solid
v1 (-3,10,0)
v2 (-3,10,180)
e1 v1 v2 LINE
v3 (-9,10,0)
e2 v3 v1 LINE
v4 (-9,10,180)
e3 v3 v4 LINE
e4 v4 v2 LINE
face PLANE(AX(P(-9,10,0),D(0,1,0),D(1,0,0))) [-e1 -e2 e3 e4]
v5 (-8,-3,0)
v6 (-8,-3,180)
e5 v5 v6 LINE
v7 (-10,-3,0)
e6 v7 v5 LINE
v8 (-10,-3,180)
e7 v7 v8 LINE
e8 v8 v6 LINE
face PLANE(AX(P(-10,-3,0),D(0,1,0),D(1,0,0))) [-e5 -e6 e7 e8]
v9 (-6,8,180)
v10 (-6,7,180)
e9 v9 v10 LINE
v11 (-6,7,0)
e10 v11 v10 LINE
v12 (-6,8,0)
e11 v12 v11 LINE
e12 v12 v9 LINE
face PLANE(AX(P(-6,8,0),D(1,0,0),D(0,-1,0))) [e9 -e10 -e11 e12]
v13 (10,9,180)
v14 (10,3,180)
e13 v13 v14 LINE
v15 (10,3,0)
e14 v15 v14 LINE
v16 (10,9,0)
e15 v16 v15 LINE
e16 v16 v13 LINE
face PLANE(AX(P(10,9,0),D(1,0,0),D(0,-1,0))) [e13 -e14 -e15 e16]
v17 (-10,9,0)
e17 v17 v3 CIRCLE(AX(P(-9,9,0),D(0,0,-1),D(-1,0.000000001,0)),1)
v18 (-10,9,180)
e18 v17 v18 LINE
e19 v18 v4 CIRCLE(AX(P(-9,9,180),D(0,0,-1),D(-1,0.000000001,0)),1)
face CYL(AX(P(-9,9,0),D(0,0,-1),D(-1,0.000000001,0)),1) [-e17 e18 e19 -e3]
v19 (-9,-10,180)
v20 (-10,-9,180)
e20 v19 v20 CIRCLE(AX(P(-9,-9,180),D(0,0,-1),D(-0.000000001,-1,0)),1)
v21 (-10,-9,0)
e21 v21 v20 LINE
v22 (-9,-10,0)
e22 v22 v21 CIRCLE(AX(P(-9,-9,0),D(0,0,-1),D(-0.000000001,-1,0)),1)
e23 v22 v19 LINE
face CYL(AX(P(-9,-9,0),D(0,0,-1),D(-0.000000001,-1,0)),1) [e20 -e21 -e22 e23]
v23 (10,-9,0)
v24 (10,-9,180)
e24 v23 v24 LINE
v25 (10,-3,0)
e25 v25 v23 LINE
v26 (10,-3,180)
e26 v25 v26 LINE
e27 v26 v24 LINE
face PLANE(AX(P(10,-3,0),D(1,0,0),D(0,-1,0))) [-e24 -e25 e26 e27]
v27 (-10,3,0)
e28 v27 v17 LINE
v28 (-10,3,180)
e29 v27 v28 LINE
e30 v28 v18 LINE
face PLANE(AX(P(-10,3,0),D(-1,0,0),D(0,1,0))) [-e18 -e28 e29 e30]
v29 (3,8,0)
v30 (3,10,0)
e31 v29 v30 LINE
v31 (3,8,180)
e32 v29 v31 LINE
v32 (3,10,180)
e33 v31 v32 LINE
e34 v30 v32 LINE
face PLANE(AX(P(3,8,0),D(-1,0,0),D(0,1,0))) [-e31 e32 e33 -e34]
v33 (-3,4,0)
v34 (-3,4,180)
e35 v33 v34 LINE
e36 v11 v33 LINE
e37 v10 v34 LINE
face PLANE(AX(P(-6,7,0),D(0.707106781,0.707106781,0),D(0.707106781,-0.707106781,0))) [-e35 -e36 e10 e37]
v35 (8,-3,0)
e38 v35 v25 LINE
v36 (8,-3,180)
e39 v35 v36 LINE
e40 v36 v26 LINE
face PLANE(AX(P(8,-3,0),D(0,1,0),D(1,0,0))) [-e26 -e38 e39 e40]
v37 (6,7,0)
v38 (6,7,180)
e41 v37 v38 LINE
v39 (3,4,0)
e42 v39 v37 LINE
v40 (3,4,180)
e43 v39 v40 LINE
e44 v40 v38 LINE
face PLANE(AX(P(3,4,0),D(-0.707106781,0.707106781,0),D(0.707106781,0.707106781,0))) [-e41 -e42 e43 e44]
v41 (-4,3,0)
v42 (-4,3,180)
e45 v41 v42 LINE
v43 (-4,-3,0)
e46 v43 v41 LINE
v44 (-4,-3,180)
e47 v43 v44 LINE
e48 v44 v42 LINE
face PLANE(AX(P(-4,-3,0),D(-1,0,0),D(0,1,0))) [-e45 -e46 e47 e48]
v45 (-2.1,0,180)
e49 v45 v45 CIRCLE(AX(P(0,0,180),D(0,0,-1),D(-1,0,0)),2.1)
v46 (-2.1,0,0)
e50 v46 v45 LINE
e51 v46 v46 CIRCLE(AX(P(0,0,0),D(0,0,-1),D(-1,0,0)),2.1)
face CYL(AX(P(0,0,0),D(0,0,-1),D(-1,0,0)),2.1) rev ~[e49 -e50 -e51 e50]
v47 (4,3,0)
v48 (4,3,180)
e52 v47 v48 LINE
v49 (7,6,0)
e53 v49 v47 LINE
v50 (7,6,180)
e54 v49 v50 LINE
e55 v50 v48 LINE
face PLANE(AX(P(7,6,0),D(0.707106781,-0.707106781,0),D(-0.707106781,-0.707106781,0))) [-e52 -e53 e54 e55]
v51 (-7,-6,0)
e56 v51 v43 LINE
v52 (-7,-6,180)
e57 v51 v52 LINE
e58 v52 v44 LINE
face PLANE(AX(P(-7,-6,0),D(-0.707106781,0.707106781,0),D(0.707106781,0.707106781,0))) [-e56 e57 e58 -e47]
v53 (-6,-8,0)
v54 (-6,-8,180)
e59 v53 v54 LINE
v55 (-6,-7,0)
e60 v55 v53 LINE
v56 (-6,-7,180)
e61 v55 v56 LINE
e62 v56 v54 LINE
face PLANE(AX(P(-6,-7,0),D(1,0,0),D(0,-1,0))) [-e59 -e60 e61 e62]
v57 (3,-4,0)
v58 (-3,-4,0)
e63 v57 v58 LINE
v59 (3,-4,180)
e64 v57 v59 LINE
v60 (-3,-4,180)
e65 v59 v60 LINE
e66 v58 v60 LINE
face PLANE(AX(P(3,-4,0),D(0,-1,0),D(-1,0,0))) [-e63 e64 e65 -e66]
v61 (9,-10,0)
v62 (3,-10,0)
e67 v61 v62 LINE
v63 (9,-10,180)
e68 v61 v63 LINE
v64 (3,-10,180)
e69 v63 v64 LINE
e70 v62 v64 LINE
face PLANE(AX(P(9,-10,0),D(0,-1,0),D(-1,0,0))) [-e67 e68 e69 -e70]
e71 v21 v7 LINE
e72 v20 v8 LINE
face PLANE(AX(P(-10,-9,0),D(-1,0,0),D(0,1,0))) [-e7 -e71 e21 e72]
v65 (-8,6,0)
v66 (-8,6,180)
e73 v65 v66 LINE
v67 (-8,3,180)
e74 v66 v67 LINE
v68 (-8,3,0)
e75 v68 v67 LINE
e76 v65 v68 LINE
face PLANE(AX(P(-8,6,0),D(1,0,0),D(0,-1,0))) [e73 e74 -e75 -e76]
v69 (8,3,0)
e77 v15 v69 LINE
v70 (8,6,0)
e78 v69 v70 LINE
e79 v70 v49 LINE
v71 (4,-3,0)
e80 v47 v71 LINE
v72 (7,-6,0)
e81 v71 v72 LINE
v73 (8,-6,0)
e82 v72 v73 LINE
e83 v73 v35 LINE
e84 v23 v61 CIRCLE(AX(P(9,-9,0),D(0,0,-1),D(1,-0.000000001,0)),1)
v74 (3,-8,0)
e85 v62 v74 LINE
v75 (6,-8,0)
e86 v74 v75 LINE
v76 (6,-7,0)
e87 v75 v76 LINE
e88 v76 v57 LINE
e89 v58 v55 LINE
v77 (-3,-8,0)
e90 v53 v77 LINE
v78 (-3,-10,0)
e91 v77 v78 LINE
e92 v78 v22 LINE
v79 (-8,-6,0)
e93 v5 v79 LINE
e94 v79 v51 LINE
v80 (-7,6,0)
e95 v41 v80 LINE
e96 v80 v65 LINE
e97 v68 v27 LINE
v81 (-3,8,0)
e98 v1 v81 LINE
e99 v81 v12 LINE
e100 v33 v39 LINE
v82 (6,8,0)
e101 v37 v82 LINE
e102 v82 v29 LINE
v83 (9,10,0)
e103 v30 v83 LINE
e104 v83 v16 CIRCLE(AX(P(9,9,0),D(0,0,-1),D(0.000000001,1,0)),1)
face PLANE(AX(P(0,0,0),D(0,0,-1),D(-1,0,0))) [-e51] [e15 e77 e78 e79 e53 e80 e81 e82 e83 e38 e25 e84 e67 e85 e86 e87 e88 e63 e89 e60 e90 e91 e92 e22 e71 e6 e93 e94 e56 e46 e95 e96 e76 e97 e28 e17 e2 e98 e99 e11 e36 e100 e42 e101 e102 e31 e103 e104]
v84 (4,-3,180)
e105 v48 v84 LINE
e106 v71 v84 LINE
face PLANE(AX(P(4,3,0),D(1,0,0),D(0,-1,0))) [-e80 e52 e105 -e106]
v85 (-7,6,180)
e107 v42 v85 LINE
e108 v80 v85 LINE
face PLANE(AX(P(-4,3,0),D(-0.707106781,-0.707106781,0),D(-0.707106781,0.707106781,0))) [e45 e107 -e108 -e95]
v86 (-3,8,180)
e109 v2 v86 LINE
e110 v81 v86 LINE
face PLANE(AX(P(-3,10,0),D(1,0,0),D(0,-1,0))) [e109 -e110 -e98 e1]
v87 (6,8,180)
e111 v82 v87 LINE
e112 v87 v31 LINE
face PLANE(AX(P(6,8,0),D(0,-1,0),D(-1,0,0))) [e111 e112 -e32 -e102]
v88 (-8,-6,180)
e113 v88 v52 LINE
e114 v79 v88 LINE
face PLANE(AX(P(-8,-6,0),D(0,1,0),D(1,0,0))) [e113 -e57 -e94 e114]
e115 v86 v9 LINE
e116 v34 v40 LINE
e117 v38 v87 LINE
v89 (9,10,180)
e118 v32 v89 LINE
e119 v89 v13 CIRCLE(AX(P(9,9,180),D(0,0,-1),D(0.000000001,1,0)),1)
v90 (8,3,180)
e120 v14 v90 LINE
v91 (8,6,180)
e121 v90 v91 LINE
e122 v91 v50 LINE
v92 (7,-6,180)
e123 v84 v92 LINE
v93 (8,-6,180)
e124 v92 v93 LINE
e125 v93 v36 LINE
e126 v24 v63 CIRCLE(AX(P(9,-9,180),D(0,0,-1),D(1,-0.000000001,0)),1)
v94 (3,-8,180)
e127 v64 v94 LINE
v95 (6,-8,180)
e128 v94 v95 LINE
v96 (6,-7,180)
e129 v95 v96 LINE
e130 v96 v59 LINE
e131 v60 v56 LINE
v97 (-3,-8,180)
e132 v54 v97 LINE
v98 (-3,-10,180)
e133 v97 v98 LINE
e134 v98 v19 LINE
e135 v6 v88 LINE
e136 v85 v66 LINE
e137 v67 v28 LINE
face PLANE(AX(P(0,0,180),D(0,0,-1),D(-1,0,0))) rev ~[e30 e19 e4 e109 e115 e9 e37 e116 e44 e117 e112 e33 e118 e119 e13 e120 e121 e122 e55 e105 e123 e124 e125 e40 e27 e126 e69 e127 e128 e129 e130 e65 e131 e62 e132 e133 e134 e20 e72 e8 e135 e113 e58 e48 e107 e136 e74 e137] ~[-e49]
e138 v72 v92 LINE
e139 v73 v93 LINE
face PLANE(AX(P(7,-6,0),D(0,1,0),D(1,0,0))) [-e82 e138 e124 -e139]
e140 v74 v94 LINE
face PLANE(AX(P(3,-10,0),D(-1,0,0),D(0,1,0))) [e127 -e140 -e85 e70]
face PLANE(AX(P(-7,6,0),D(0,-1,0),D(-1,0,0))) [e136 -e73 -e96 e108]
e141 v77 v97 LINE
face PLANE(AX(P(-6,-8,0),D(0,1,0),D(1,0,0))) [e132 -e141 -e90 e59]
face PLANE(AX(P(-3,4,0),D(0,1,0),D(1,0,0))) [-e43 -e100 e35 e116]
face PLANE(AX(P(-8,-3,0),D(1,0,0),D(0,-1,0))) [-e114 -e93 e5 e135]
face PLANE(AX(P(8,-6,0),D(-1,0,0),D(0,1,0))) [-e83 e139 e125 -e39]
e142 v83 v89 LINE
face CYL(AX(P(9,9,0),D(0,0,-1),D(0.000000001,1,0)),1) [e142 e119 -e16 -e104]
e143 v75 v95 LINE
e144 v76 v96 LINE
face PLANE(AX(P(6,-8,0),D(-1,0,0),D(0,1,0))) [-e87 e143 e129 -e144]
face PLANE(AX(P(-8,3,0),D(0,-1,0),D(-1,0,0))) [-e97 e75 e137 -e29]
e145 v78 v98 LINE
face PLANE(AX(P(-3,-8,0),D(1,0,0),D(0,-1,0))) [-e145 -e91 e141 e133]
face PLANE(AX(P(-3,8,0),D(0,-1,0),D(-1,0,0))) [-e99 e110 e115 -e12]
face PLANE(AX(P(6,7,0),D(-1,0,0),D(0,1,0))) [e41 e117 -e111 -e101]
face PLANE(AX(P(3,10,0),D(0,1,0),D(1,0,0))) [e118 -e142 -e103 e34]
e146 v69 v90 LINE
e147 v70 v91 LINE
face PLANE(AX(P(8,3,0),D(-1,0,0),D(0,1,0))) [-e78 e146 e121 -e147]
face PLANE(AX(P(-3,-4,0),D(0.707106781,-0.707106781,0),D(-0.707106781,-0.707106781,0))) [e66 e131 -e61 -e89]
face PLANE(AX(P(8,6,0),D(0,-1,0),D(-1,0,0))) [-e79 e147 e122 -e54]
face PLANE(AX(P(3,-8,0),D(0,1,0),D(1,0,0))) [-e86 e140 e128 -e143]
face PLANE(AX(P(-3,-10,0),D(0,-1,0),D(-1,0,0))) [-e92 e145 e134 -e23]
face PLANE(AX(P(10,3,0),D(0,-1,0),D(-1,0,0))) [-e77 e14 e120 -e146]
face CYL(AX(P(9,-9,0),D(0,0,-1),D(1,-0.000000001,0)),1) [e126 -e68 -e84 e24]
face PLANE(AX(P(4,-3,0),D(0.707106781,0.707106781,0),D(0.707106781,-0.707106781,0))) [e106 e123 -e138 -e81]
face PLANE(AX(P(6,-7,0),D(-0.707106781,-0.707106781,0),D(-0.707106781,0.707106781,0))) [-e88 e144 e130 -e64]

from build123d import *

# Parameters (mm, degrees)
SKETCH1_R           = 2.1
BOSS_EXTRUDE1_DEPTH = 180


with BuildPart() as part:
    # Sketch1 → Boss-Extrude1 (new body)
    with BuildSketch(Plane(origin=(0, 0, 0), x_dir=(-1, 0, 0), z_dir=(0, 0, -1))):
        with BuildLine():
            Line((6, -8), (3, -8))
            Line((3, -8), (3, -10))
            Line((3, -10), (9, -10))
            ThreePointArc((9, -10), (9.707106781, -9.707106781), (10, -9))
            Line((10, -9), (10, -3))
            Line((10, -3), (8, -3))
            Line((8, -3), (8, -6))
            Line((8, -6), (7, -6))
            Line((7, -6), (4, -3))
            Line((4, -3), (4, 3))
            Line((4, 3), (7, 6))
            Line((7, 6), (8, 6))
            Line((8, 6), (8, 3))
            Line((8, 3), (10, 3))
            Line((10, 3), (10, 9))
            ThreePointArc((10, 9), (9.707106781, 9.707106781), (9, 10))
            Line((9, 10), (3, 10))
            Line((3, 10), (3, 8))
            Line((3, 8), (6, 8))
            Line((6, 8), (6, 7))
            Line((6, 7), (3, 4))
            Line((3, 4), (-3, 4))
            Line((-3, 4), (-6, 7))
            Line((-6, 7), (-6, 8))
            Line((-6, 8), (-3, 8))
            Line((-3, 8), (-3, 10))
            Line((-3, 10), (-9, 10))
            ThreePointArc((-9, 10), (-9.707106781, 9.707106781), (-10, 9))
            Line((-10, 9), (-10, 3))
            Line((-10, 3), (-8, 3))
            Line((-8, 3), (-8, 6))
            Line((-8, 6), (-7, 6))
            Line((-7, 6), (-4, 3))
            Line((-4, 3), (-4, -3))
            Line((-4, -3), (-7, -6))
            Line((-7, -6), (-8, -6))
            Line((-8, -6), (-8, -3))
            Line((-8, -3), (-10, -3))
            Line((-10, -3), (-10, -9))
            ThreePointArc((-10, -9), (-9.707106781, -9.707106781), (-9, -10))
            Line((-9, -10), (-3, -10))
            Line((-3, -10), (-3, -8))
            Line((-3, -8), (-6, -8))
            Line((-6, -8), (-6, -7))
            Line((-6, -7), (-3, -4))
            Line((-3, -4), (3, -4))
            Line((3, -4), (6, -7))
            Line((6, -7), (6, -8))
        make_face()
        Circle(SKETCH1_R, mode=Mode.SUBTRACT)
    extrude(amount=-BOSS_EXTRUDE1_DEPTH)


solid = part.part
